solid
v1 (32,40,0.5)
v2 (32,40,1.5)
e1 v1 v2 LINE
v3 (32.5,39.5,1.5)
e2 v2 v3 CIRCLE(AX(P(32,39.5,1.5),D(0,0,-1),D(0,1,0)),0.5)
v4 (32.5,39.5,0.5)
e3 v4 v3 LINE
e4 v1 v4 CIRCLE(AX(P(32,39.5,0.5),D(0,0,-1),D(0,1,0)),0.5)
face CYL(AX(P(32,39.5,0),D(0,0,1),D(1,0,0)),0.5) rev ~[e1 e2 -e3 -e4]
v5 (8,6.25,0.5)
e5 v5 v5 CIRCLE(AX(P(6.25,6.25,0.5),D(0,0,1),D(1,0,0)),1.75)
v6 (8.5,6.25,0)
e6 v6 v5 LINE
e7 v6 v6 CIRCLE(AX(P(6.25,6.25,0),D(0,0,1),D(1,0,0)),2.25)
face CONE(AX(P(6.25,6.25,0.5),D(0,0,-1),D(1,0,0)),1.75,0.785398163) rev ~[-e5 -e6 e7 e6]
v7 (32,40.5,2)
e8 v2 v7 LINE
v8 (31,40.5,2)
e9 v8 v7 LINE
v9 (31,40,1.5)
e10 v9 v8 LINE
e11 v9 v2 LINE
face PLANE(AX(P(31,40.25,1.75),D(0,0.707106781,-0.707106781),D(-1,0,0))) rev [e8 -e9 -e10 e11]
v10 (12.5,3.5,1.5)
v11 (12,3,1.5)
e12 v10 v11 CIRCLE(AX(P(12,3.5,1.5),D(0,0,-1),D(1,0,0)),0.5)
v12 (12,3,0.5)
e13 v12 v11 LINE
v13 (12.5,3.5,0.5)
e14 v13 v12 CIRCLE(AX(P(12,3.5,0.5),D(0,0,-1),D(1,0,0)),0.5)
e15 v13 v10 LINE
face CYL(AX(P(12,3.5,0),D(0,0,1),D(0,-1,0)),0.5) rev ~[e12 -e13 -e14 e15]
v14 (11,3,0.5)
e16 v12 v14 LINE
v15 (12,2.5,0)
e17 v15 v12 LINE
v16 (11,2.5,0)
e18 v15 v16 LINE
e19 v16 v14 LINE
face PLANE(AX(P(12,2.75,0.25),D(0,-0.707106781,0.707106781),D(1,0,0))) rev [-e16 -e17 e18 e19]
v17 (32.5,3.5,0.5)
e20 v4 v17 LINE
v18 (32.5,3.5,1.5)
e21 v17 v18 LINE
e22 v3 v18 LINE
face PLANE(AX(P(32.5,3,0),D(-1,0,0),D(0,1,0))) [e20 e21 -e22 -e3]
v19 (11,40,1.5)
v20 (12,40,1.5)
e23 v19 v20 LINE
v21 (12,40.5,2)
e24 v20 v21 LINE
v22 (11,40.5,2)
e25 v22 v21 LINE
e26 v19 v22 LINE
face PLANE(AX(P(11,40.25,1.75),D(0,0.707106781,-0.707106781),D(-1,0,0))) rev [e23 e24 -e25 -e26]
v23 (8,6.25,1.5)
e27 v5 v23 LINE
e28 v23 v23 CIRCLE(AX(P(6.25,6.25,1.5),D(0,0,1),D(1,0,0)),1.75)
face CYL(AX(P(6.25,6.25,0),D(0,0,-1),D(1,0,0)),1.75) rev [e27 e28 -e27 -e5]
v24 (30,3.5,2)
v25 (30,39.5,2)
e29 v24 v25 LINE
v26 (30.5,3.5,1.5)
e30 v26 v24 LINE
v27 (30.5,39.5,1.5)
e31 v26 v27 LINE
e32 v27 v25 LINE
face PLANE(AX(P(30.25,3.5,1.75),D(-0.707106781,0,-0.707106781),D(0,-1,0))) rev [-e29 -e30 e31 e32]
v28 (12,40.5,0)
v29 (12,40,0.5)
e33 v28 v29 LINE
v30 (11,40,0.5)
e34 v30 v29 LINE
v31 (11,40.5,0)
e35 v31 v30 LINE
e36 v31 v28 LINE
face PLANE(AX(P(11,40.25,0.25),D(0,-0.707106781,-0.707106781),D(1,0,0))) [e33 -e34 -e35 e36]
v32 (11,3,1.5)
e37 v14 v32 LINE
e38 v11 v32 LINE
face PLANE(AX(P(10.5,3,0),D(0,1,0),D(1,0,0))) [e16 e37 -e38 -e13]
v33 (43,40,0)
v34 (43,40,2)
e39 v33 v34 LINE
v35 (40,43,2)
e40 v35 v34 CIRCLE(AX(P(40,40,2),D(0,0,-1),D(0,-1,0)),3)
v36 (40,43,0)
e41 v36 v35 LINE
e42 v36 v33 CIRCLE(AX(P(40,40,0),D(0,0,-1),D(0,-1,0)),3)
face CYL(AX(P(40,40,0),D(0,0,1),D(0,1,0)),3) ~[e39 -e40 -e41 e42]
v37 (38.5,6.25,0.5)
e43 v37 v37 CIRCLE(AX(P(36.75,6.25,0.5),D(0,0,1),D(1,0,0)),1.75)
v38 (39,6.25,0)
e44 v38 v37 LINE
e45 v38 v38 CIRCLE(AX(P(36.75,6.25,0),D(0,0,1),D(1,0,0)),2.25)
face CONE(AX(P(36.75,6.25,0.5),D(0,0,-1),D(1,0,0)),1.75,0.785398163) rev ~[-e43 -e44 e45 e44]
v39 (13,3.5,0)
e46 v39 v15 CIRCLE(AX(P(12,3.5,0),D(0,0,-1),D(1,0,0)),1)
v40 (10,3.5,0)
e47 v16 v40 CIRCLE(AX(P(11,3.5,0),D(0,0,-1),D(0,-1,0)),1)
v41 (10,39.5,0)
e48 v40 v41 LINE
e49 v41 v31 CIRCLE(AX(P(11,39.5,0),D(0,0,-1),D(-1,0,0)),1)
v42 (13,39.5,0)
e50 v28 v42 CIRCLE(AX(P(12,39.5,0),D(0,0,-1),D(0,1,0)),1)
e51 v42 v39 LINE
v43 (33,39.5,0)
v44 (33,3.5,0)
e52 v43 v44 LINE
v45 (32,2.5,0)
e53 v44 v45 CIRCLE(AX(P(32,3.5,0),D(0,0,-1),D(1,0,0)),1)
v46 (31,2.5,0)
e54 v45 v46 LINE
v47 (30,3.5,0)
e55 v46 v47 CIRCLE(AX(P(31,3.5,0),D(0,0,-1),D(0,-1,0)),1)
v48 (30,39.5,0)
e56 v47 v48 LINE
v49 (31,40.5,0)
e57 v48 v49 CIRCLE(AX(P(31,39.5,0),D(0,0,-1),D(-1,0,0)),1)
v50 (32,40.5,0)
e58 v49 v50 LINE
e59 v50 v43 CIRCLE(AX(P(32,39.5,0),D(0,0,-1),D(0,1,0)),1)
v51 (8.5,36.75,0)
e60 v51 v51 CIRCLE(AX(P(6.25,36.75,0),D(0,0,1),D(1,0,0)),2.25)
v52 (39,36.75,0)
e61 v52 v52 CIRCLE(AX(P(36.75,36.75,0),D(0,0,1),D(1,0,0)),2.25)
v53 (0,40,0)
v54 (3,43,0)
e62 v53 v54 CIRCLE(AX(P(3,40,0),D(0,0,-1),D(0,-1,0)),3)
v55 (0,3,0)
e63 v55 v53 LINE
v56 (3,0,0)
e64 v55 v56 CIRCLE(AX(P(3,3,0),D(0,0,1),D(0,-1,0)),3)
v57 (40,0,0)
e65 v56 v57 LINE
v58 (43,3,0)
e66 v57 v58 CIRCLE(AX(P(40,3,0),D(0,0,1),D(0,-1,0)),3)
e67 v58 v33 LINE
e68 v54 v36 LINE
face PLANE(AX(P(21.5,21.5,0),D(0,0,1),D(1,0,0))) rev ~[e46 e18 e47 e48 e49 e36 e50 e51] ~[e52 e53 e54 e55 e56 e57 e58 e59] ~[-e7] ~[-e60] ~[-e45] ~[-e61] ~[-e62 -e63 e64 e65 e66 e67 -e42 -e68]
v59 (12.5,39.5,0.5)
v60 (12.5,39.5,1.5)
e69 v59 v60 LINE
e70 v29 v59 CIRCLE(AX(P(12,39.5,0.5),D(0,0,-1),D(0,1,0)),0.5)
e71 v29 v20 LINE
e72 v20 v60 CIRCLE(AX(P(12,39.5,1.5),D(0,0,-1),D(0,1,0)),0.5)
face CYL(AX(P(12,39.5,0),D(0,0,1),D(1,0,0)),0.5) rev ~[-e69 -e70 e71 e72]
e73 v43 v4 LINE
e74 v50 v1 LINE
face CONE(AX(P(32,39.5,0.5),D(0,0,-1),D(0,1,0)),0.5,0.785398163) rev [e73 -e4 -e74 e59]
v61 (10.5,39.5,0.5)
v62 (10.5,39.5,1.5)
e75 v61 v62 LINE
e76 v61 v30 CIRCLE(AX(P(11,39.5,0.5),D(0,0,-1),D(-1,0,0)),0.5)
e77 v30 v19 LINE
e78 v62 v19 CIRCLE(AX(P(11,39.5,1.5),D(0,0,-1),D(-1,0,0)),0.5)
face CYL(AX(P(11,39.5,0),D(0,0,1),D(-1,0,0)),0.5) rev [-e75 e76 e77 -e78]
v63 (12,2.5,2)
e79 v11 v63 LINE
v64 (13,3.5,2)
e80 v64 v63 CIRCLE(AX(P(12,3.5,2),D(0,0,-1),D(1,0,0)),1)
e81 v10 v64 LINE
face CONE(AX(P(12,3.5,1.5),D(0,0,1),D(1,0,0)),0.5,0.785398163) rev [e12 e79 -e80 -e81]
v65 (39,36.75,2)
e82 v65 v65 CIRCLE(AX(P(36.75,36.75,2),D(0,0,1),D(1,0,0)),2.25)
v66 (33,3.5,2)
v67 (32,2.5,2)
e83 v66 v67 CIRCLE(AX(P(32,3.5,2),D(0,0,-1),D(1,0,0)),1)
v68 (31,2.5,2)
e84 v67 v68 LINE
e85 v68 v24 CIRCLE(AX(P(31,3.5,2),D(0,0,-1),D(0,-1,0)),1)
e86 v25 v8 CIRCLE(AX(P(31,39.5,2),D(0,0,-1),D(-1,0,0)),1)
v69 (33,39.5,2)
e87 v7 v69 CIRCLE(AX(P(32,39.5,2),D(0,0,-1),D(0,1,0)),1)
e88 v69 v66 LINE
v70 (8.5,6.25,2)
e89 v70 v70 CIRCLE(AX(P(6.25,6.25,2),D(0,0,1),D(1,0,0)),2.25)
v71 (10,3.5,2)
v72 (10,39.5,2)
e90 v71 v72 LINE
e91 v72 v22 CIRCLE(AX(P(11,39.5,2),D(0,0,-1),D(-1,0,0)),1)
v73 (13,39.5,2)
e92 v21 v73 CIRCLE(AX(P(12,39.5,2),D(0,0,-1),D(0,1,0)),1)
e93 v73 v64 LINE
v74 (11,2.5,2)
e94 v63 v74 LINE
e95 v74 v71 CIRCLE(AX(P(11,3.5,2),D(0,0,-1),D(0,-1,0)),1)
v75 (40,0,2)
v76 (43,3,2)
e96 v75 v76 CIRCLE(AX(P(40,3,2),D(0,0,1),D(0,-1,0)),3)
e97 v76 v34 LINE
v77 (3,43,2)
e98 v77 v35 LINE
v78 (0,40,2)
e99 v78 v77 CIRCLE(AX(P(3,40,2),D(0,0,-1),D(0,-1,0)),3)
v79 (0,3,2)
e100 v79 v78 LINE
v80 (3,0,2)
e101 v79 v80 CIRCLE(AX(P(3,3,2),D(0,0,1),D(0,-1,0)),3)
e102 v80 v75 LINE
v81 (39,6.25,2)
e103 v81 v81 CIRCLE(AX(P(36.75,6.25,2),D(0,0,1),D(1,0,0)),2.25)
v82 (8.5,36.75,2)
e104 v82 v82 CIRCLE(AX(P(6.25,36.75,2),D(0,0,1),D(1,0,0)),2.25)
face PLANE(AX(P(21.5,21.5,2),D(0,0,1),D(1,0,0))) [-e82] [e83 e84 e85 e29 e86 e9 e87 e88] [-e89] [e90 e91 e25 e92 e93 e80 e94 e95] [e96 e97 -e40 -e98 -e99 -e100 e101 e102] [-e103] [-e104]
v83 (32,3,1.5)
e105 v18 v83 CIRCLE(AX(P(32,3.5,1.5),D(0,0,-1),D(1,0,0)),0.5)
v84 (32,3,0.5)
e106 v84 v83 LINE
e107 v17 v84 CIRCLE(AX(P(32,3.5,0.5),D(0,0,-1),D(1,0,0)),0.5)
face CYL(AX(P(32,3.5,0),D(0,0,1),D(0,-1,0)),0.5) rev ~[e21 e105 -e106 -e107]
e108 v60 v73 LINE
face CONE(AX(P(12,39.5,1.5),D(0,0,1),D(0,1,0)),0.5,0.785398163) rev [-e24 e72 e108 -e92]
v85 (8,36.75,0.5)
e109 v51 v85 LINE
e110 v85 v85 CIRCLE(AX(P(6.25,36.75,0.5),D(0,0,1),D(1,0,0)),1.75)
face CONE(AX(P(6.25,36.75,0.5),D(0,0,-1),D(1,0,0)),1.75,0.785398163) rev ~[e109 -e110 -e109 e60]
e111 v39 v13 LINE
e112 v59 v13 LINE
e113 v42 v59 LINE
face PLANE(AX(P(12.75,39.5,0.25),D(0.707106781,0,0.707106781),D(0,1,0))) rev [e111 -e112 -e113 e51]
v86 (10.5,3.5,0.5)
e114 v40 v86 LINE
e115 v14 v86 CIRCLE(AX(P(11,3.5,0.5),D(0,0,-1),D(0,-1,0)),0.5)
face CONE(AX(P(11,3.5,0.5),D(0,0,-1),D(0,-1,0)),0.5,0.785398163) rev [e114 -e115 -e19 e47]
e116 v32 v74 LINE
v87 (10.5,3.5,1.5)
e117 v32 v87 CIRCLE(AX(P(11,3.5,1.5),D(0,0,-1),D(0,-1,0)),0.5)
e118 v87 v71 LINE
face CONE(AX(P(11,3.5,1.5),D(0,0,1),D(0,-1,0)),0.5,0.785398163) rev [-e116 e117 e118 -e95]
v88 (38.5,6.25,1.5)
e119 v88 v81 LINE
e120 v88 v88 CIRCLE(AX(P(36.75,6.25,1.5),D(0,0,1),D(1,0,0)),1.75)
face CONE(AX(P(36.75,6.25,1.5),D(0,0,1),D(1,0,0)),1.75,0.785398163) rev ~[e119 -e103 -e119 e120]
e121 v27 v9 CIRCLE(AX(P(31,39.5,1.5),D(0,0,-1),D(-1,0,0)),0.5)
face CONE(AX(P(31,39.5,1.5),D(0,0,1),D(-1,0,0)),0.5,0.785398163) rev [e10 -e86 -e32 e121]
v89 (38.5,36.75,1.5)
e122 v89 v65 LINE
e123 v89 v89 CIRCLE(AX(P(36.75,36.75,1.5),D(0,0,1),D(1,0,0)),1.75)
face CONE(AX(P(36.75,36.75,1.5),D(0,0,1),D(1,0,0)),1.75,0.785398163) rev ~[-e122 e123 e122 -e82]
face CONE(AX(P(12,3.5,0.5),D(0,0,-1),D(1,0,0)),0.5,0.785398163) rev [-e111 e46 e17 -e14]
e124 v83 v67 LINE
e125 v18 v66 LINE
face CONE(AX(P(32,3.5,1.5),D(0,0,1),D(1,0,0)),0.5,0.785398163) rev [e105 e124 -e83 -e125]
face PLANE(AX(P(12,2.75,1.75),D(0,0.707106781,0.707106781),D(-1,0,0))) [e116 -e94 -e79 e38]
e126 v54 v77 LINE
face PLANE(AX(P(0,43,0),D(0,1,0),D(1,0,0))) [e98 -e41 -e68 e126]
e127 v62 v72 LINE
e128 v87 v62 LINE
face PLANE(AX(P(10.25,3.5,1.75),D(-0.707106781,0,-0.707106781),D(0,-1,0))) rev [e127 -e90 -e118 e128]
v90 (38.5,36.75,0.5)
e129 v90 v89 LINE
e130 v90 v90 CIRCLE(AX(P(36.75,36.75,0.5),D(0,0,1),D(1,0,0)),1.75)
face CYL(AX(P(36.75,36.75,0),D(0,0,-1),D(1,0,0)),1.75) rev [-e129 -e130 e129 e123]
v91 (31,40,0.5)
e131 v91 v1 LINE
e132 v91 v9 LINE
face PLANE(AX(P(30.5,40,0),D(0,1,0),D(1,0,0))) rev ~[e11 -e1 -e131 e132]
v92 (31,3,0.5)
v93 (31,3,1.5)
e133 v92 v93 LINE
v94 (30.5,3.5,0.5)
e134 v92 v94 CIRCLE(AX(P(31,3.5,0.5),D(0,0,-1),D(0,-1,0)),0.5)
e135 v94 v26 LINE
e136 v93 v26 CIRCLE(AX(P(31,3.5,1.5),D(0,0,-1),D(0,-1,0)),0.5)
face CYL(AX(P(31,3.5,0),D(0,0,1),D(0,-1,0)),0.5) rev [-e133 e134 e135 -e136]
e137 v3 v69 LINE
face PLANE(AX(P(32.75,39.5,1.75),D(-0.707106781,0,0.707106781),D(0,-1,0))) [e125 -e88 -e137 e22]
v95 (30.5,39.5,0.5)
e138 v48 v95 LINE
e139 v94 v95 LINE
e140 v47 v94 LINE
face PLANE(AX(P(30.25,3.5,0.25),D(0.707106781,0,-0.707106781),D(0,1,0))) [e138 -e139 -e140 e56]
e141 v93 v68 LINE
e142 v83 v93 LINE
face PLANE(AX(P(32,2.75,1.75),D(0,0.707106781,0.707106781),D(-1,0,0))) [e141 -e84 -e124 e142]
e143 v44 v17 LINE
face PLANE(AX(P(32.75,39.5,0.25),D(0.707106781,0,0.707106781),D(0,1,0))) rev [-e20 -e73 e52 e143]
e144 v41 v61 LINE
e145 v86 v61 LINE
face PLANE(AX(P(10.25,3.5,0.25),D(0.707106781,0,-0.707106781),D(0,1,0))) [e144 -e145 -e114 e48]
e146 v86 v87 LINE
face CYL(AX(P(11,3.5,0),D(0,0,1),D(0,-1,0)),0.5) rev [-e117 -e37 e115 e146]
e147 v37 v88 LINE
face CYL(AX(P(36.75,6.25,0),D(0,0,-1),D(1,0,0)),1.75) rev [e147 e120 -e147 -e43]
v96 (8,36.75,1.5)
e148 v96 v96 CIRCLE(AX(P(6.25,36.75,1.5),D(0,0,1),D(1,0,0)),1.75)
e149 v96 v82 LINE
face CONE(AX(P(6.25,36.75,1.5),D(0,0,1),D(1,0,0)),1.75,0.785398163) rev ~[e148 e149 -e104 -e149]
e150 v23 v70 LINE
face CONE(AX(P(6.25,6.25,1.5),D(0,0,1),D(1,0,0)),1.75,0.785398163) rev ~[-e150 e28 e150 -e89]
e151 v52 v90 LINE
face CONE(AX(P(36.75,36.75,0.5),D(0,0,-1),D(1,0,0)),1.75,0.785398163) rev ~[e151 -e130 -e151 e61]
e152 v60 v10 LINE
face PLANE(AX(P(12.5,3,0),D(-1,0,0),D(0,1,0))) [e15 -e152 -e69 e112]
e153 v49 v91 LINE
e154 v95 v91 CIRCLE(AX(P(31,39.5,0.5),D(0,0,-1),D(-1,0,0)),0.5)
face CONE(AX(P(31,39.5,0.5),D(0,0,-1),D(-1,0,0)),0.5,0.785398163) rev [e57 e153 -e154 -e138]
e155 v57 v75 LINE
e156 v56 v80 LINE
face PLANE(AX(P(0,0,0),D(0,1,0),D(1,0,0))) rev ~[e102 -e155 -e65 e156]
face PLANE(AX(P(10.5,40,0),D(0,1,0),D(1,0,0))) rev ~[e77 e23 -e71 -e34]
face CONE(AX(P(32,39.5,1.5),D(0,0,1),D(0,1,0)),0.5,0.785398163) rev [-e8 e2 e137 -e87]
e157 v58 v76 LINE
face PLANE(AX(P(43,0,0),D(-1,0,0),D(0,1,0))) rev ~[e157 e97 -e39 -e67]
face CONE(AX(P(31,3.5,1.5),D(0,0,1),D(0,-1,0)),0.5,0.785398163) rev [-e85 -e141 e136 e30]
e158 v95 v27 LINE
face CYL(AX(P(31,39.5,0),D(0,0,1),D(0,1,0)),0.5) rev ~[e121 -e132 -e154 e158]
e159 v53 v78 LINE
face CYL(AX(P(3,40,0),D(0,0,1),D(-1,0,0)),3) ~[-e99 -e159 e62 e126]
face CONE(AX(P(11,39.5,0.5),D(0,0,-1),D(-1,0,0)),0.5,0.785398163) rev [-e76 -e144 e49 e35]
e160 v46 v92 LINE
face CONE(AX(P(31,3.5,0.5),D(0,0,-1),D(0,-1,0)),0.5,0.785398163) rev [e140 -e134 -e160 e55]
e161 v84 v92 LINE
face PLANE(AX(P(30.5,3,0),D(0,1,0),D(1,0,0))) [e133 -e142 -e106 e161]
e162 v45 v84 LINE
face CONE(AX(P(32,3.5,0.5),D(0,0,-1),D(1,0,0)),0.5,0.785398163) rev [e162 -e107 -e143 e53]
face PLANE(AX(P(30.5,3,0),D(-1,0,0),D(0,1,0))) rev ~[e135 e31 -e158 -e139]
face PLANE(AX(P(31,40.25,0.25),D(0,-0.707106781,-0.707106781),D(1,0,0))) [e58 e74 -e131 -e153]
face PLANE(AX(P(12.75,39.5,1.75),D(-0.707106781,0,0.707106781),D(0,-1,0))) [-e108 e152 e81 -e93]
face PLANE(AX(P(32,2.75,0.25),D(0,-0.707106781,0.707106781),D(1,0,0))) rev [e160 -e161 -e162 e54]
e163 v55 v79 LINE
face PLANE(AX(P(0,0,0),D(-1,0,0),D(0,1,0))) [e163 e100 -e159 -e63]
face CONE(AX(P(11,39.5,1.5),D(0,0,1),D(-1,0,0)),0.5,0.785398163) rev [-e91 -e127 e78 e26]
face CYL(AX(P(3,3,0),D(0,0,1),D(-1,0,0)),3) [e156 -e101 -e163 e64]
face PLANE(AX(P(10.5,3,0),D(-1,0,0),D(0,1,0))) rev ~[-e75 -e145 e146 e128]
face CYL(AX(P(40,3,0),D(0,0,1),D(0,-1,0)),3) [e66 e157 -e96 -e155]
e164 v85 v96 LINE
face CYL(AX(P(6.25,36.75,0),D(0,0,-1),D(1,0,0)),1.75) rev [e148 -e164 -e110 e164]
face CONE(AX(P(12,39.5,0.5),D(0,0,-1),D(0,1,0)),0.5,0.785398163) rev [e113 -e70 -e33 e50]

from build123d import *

# Parameters (mm, degrees)
BOX001_W         = 2
BOX001_H         = 37
BOX001_DEPTH     = 2
BOX_W            = 2
BOX_H            = 37
BOX_DEPTH        = 2
CIRCLE_R         = 1.75
EXTRUDE_DEPTH    = 2
CIRCLE001_R      = 1.75
EXTRUDE001_DEPTH = 2
CIRCLE002_R      = 1.75
EXTRUDE002_DEPTH = 2
CIRCLE003_R      = 1.75
EXTRUDE003_DEPTH = 2
RECTANGLE_W      = 43
RECTANGLE_H      = 43
EXTRUDE004_DEPTH = 2
FILLET_R         = 3
FILLET001_R      = 0.5
CHAMFER_SIZE     = 0.5
CHAMFER001_SIZE  = 0.5


with BuildPart() as cube001:
    # Box001 → Box001 (new body)
    with BuildSketch(Plane(origin=(30.5, 3, 0), x_dir=(1, 0, 0), z_dir=(0, 0, 1))):
        with Locations((1, 18.5)):
            Rectangle(BOX001_W, BOX001_H)
    extrude(amount=BOX001_DEPTH)


with BuildPart() as cube:
    # Box → Box (new body)
    with BuildSketch(Plane(origin=(10.5, 3, 0), x_dir=(1, 0, 0), z_dir=(0, 0, 1))):
        with Locations((1, 18.5)):
            Rectangle(BOX_W, BOX_H)
    extrude(amount=BOX_DEPTH)


with BuildPart() as extrude_body:
    # Circle → Extrude (new body)
    with BuildSketch(Plane(origin=(36.75, 6.25, 0), x_dir=(1, 0, 0), z_dir=(0, 0, 1))):
        Circle(CIRCLE_R)
    extrude(amount=EXTRUDE_DEPTH)


with BuildPart() as extrude001:
    # Circle001 → Extrude001 (new body)
    with BuildSketch(Plane(origin=(36.75, 36.75, 0), x_dir=(1, 0, 0), z_dir=(0, 0, 1))):
        Circle(CIRCLE001_R)
    extrude(amount=EXTRUDE001_DEPTH)


with BuildPart() as extrude002:
    # Circle002 → Extrude002 (new body)
    with BuildSketch(Plane(origin=(6.25, 6.25, 0), x_dir=(1, 0, 0), z_dir=(0, 0, 1))):
        Circle(CIRCLE002_R)
    extrude(amount=EXTRUDE002_DEPTH)


with BuildPart() as extrude003:
    # Circle003 → Extrude003 (new body)
    with BuildSketch(Plane(origin=(6.25, 36.75, 0), x_dir=(1, 0, 0), z_dir=(0, 0, 1))):
        Circle(CIRCLE003_R)
    extrude(amount=EXTRUDE003_DEPTH)


with BuildPart() as chamfer001:
    # Rectangle → Extrude004 (new body)
    with BuildSketch(Plane.XY):
        with Locations((21.5, 21.5)):
            Rectangle(RECTANGLE_W, RECTANGLE_H)
    extrude(amount=EXTRUDE004_DEPTH)

    # Cut: cut Extrude003
    add(extrude003.part, mode=Mode.SUBTRACT)

    # Cut001: cut Extrude002
    add(extrude002.part, mode=Mode.SUBTRACT)

    # Cut002: cut Extrude001
    add(extrude001.part, mode=Mode.SUBTRACT)

    # Cut003: cut Extrude body
    add(extrude_body.part, mode=Mode.SUBTRACT)

    # Cut004: cut Cube
    add(cube.part, mode=Mode.SUBTRACT)

    # Cut005: cut Cube001
    add(cube001.part, mode=Mode.SUBTRACT)

    # Fillet
    fillet_edges = [chamfer001.edges().sort_by_distance(p)[0] for p in [
        (0, 0, 1),
        (43, 0, 1),
        (0, 43, 1),
        (43, 43, 1),
    ]]
    fillet(fillet_edges, radius=FILLET_R)

    # Fillet001
    fillet001_edges = [chamfer001.edges().sort_by_distance(p)[0] for p in [
        (10.5, 3, 1),
        (10.5, 40, 1),
        (12.5, 40, 1),
        (12.5, 3, 1),
        (30.5, 3, 1),
        (30.5, 40, 1),
        (32.5, 3, 1),
        (32.5, 40, 1),
    ]]
    fillet(fillet001_edges, radius=FILLET001_R)

    # Chamfer
    chamfer_edges = [chamfer001.edges().sort_by_distance(p)[0] for p in [
        (10.5, 21.5, 2),
        (10.646447, 3.146447, 2),
        (10.646447, 39.853553, 2),
        (11.5, 3, 2),
        (11.5, 40, 2),
        (12.353553, 3.146447, 2),
        (12.353553, 39.853553, 2),
        (12.5, 21.5, 2),
        (35, 36.75, 2),
        (35, 6.25, 2),
        (4.5, 6.25, 2),
        (4.5, 36.75, 2),
        (30.5, 21.5, 2),
        (30.646447, 3.146447, 2),
        (30.646447, 39.853553, 2),
        (31.5, 3, 2),
        (31.5, 40, 2),
        (32.353553, 3.146447, 2),
        (32.353553, 39.853553, 2),
        (32.5, 21.5, 2),
    ]]
    chamfer(chamfer_edges, length=CHAMFER_SIZE)

    # Chamfer001
    chamfer001_edges = [chamfer001.edges().sort_by_distance(p)[0] for p in [
        (10.5, 21.5, 0),
        (10.646447, 3.146447, 0),
        (10.646447, 39.853553, 0),
        (11.5, 3, 0),
        (11.5, 40, 0),
        (12.353553, 3.146447, 0),
        (12.353553, 39.853553, 0),
        (12.5, 21.5, 0),
        (35, 36.75, 0),
        (35, 6.25, 0),
        (4.5, 6.25, 0),
        (4.5, 36.75, 0),
        (30.5, 21.5, 0),
        (30.646447, 3.146447, 0),
        (30.646447, 39.853553, 0),
        (31.5, 3, 0),
        (31.5, 40, 0),
        (32.353553, 3.146447, 0),
        (32.353553, 39.853553, 0),
        (32.5, 21.5, 0),
    ]]
    chamfer(chamfer001_edges, length=CHAMFER001_SIZE)


solid = chamfer001.part
